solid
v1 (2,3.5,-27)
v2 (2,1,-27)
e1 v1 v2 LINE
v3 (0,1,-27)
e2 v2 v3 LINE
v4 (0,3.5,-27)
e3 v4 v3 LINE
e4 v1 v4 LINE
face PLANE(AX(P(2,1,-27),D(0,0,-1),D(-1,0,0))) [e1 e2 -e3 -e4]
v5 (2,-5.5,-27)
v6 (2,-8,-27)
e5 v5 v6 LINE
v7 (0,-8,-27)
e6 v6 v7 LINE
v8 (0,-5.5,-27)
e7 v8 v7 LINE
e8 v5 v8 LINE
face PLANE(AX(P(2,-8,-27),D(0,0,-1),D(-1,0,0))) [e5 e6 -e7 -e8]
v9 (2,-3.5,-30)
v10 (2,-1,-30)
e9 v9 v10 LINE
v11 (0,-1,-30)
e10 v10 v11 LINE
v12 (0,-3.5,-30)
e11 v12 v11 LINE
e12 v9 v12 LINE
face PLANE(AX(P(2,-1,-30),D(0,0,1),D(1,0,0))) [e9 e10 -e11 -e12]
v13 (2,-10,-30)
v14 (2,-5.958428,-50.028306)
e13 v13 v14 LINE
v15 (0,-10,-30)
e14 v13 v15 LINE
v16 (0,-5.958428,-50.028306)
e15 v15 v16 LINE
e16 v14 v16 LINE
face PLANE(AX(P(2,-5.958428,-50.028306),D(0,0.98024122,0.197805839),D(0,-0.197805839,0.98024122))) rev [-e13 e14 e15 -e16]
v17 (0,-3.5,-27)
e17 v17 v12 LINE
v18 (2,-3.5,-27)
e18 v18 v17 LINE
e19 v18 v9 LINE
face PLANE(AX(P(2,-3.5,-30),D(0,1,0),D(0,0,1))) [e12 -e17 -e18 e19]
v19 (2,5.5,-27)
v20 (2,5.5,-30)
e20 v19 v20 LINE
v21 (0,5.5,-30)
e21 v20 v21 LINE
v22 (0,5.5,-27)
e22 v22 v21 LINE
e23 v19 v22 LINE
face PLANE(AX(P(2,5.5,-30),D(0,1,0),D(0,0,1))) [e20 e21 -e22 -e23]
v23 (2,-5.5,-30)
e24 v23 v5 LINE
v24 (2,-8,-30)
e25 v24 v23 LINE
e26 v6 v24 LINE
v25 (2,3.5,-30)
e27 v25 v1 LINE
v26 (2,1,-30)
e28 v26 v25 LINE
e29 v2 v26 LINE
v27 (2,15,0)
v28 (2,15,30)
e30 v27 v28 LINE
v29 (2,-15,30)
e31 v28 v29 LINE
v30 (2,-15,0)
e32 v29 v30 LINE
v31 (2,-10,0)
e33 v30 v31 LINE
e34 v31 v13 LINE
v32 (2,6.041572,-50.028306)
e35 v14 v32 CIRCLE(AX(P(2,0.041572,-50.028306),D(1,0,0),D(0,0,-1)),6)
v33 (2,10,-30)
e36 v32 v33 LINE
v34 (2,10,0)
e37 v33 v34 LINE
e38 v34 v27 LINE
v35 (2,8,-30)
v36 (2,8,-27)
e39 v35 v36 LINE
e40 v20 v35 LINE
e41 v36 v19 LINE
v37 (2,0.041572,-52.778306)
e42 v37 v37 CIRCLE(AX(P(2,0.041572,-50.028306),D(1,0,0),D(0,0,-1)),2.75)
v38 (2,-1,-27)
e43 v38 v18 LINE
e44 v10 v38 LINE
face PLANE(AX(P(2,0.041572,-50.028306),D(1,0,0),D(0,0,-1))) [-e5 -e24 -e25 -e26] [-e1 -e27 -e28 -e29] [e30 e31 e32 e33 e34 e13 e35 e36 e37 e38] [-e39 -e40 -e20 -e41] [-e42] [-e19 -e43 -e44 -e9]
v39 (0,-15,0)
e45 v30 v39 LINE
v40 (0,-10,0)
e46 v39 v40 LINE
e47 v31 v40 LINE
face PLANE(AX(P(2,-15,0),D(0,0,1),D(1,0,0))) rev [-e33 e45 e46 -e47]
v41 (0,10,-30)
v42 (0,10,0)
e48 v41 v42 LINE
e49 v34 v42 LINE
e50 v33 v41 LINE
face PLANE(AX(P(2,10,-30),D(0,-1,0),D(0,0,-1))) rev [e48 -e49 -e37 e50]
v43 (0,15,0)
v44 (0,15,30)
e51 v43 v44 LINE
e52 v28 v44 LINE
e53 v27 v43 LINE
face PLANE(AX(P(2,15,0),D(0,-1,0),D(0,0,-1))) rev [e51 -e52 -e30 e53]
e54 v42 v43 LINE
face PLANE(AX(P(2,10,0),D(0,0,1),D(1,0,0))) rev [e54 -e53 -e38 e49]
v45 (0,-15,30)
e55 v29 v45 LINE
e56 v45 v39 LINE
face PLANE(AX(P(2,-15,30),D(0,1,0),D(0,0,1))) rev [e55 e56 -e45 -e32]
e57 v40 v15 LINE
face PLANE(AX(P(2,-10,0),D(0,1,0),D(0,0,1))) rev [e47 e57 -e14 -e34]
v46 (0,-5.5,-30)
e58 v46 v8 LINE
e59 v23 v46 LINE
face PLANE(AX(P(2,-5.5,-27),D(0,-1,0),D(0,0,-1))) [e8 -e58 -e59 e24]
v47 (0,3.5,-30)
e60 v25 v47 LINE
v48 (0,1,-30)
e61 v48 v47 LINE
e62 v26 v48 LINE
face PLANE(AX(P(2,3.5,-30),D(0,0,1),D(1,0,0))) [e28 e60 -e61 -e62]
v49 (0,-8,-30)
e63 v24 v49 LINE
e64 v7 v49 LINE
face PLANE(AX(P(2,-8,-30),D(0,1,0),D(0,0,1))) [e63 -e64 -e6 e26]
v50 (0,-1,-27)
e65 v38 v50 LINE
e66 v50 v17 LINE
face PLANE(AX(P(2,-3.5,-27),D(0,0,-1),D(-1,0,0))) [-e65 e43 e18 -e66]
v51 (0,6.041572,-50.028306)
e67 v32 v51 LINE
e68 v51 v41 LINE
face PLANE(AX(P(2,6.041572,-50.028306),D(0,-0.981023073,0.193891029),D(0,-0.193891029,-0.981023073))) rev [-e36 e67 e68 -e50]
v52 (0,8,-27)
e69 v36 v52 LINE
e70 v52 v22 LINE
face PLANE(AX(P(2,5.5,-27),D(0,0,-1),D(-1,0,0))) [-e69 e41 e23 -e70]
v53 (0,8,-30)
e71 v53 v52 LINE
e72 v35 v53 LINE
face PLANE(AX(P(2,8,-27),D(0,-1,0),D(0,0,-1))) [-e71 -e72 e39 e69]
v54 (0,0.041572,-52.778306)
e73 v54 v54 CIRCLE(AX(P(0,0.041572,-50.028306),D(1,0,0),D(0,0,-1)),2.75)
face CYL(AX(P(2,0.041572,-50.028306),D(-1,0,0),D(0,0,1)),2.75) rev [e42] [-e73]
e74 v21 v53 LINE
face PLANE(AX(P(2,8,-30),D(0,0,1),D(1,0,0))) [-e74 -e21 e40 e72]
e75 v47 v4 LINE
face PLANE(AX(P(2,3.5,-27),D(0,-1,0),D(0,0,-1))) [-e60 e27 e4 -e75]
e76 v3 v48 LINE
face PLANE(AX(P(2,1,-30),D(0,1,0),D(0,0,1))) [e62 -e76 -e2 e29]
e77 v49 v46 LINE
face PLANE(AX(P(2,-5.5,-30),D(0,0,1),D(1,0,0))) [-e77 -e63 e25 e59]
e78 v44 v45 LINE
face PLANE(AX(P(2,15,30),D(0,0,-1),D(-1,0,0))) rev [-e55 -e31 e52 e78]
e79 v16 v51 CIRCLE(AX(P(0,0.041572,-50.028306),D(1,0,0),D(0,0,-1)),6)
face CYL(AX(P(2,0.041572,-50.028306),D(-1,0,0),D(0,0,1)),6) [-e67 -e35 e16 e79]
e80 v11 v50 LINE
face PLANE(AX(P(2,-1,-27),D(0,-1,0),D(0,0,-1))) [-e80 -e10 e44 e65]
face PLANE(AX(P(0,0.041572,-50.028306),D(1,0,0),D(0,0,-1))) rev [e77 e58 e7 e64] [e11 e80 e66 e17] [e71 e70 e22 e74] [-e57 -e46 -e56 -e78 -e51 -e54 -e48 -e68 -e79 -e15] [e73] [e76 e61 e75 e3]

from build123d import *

# Parameters (mm, degrees)
SKETCH1_R           = 2.75
SKETCH1_W           = 3
SKETCH1_H           = 2.5
BOSS_EXTRUDE1_DEPTH = 2


with BuildPart() as part:
    # Sketch1 → Boss-Extrude1 (new body)
    with BuildSketch(Plane(origin=(0, 0, 0), x_dir=(0, 0, -1), z_dir=(1, 0, 0))):
        with BuildLine():
            Line((30, 10), (0, 10))
            Line((0, 10), (0, 15))
            Line((0, 15), (-30, 15))
            Line((-30, 15), (-30, -15))
            Line((-30, -15), (0, -15))
            Line((0, -15), (0, -10))
            Line((0, -10), (30, -10))
            Line((30, -10), (50.02830583, -5.958427618))
            ThreePointArc((50.02830583, -5.958427618), (56.02830583, 0.041572382), (50.02830583, 6.041572382))
            Line((50.02830583, 6.041572382), (30, 10))
        make_face()
        with Locations((50.02830583, 0.041572382)):
            Circle(SKETCH1_R, mode=Mode.SUBTRACT)
        with Locations((28.5, -6.75)):
            Rectangle(SKETCH1_W, SKETCH1_H, mode=Mode.SUBTRACT)
        with Locations((28.5, -2.25)):
            Rectangle(SKETCH1_W, SKETCH1_H, mode=Mode.SUBTRACT)
        with Locations((28.5, 2.25)):
            Rectangle(SKETCH1_W, SKETCH1_H, mode=Mode.SUBTRACT)
        with Locations((28.5, 6.75)):
            Rectangle(SKETCH1_W, SKETCH1_H, mode=Mode.SUBTRACT)
    extrude(amount=BOSS_EXTRUDE1_DEPTH)


solid = part.part
